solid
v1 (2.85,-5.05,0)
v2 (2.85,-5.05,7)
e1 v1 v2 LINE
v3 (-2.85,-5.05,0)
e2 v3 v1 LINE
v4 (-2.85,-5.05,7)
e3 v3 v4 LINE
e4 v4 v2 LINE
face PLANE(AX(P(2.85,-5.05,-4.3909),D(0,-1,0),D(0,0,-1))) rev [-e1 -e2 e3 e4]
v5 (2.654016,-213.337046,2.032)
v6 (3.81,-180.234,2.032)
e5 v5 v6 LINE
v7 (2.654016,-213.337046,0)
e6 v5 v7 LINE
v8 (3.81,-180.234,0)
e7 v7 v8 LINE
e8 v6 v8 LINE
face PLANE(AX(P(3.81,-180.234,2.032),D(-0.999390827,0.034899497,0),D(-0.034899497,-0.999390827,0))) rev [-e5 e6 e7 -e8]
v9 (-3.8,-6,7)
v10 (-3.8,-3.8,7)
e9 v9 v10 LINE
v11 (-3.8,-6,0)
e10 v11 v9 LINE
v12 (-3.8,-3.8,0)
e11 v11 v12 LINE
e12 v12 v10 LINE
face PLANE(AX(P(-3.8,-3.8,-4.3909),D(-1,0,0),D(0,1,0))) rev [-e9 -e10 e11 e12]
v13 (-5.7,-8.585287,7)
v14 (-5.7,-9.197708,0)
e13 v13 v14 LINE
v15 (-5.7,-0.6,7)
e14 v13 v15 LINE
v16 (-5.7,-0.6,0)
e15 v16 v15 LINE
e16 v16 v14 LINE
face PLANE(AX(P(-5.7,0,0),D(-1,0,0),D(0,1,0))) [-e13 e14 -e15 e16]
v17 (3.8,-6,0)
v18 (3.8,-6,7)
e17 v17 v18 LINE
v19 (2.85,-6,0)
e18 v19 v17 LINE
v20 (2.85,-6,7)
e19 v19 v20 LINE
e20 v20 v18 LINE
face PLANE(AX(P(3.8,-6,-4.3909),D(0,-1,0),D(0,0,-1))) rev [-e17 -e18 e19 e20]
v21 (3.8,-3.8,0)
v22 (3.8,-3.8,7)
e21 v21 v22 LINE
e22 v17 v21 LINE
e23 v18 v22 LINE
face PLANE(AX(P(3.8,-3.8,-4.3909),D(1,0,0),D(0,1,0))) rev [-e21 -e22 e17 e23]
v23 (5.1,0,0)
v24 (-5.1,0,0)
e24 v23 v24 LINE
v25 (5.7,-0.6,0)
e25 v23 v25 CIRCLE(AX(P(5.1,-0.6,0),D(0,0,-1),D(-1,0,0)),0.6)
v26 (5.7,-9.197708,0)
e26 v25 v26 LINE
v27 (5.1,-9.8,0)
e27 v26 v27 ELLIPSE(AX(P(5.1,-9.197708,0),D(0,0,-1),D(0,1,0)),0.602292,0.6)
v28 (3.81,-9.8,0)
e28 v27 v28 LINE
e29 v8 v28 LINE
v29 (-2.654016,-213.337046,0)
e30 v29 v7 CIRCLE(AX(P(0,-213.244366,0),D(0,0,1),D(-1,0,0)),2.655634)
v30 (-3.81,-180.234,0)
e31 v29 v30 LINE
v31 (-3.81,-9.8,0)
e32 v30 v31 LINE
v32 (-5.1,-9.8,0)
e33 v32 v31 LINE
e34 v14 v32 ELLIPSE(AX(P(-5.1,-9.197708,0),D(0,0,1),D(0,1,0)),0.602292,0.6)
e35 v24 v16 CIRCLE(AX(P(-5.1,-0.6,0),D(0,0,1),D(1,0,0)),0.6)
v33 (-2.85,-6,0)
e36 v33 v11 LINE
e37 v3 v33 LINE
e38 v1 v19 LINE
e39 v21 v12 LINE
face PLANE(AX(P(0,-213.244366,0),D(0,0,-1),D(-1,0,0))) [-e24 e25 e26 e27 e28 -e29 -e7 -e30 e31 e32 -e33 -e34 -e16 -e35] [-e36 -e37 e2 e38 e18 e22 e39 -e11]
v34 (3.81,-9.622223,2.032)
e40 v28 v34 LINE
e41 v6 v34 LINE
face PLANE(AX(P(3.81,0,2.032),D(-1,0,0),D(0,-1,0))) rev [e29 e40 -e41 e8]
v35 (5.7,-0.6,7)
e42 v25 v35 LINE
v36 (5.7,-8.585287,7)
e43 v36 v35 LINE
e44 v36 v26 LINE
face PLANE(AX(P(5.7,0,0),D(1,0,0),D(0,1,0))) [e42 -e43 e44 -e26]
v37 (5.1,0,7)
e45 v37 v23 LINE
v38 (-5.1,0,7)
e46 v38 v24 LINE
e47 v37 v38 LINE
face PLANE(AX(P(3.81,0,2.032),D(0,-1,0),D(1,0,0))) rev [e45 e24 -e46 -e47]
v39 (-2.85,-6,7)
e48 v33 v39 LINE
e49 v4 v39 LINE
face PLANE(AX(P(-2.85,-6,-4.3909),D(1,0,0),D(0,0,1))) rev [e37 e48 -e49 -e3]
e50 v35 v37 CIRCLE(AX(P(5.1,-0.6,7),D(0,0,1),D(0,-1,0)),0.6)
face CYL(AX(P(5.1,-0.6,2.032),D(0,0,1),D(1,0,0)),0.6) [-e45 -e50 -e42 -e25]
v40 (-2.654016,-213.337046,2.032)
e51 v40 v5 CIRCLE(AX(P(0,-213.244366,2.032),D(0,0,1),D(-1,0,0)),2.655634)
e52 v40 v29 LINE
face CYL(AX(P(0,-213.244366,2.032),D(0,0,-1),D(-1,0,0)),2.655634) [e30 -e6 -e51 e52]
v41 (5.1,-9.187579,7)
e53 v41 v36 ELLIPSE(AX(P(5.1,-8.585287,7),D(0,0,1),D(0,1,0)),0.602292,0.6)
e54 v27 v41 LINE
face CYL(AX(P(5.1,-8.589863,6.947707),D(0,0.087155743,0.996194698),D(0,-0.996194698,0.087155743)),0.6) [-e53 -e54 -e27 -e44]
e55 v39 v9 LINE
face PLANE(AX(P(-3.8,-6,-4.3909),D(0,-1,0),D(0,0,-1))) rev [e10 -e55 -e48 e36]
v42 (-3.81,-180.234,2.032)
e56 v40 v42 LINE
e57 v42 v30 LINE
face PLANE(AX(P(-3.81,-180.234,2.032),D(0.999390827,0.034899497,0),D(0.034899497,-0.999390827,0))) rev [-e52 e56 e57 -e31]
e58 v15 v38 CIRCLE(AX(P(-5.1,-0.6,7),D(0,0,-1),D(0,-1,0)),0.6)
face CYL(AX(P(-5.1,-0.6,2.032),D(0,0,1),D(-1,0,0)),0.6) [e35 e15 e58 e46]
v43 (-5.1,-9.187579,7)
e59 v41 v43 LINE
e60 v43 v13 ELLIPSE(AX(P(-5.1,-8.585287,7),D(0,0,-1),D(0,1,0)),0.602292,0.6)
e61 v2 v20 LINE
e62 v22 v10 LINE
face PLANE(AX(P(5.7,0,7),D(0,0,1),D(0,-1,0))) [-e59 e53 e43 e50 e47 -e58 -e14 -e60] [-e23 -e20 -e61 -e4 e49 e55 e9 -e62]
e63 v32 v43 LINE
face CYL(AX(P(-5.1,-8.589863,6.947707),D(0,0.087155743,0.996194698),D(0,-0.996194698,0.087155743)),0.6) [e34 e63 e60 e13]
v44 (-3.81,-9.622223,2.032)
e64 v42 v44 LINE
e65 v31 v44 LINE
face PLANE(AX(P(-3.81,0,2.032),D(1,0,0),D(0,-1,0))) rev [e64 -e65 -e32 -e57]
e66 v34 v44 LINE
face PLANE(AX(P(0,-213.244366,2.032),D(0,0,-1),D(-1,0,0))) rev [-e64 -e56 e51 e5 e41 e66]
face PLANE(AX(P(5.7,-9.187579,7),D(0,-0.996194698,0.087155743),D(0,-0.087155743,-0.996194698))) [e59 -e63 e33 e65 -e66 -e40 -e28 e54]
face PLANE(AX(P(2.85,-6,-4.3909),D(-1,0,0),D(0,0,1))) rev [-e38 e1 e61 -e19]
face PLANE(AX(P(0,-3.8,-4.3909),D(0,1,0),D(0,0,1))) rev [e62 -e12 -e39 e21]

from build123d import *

# Parameters (mm, degrees)
BOSS_EXTRUDE1_DEPTH = 2.032
BOSS_EXTRUDE2_DEPTH = 5.7
CUT_EXTRUDE1_DEPTH  = 7
FILLET1_R           = 0.6


with BuildPart() as part:
    # Sketch1 → Boss-Extrude1 (new body)
    with BuildSketch(Plane.XY):
        with BuildLine():
            Line((3.81, 0), (3.81, -180.234))
            Line((3.81, -180.234), (2.654016147, -213.337046398))
            ThreePointArc((2.654016147, -213.337046398), (1.844758309, -215.154669263), (0, -215.9))
            Line((0, -215.9), (0, 0))
            Line((0, 0), (3.81, 0))
        make_face()
    extrude(amount=BOSS_EXTRUDE1_DEPTH)

    # Sketch5 → Boss-Extrude2 (add)
    with BuildSketch(Plane.ZY):
        Polygon((0, 0), (7, 0), (7, -9.187579355), (0, -9.8), align=None)
    extrude(amount=-BOSS_EXTRUDE2_DEPTH)

    # Sketch4 → Cut-Extrude1 (cut)
    with BuildSketch(Plane.XY.offset(7)):
        Polygon((0, -3.8), (3.8, -3.8), (3.8, -6), (2.85, -6), (2.85, -5.05), (0, -5.05), align=None)
    extrude(amount=-CUT_EXTRUDE1_DEPTH, mode=Mode.SUBTRACT)

    # Fillet1
    fillet1_edges = [part.edges().sort_by_distance(p)[0] for p in [
        (5.7, 0, 3.5),
        (5.7, -9.493789678, 3.5),
    ]]
    fillet(fillet1_edges, radius=FILLET1_R)

    # Mirror1: part across plane


with BuildPart() as part_1:
    add(part.part)
    add(part.part.mirror(Plane(origin=(0, -215.9, 2.032), x_dir=(0, 0, 1), z_dir=(1, 0, 0))))


solid = part_1.part
